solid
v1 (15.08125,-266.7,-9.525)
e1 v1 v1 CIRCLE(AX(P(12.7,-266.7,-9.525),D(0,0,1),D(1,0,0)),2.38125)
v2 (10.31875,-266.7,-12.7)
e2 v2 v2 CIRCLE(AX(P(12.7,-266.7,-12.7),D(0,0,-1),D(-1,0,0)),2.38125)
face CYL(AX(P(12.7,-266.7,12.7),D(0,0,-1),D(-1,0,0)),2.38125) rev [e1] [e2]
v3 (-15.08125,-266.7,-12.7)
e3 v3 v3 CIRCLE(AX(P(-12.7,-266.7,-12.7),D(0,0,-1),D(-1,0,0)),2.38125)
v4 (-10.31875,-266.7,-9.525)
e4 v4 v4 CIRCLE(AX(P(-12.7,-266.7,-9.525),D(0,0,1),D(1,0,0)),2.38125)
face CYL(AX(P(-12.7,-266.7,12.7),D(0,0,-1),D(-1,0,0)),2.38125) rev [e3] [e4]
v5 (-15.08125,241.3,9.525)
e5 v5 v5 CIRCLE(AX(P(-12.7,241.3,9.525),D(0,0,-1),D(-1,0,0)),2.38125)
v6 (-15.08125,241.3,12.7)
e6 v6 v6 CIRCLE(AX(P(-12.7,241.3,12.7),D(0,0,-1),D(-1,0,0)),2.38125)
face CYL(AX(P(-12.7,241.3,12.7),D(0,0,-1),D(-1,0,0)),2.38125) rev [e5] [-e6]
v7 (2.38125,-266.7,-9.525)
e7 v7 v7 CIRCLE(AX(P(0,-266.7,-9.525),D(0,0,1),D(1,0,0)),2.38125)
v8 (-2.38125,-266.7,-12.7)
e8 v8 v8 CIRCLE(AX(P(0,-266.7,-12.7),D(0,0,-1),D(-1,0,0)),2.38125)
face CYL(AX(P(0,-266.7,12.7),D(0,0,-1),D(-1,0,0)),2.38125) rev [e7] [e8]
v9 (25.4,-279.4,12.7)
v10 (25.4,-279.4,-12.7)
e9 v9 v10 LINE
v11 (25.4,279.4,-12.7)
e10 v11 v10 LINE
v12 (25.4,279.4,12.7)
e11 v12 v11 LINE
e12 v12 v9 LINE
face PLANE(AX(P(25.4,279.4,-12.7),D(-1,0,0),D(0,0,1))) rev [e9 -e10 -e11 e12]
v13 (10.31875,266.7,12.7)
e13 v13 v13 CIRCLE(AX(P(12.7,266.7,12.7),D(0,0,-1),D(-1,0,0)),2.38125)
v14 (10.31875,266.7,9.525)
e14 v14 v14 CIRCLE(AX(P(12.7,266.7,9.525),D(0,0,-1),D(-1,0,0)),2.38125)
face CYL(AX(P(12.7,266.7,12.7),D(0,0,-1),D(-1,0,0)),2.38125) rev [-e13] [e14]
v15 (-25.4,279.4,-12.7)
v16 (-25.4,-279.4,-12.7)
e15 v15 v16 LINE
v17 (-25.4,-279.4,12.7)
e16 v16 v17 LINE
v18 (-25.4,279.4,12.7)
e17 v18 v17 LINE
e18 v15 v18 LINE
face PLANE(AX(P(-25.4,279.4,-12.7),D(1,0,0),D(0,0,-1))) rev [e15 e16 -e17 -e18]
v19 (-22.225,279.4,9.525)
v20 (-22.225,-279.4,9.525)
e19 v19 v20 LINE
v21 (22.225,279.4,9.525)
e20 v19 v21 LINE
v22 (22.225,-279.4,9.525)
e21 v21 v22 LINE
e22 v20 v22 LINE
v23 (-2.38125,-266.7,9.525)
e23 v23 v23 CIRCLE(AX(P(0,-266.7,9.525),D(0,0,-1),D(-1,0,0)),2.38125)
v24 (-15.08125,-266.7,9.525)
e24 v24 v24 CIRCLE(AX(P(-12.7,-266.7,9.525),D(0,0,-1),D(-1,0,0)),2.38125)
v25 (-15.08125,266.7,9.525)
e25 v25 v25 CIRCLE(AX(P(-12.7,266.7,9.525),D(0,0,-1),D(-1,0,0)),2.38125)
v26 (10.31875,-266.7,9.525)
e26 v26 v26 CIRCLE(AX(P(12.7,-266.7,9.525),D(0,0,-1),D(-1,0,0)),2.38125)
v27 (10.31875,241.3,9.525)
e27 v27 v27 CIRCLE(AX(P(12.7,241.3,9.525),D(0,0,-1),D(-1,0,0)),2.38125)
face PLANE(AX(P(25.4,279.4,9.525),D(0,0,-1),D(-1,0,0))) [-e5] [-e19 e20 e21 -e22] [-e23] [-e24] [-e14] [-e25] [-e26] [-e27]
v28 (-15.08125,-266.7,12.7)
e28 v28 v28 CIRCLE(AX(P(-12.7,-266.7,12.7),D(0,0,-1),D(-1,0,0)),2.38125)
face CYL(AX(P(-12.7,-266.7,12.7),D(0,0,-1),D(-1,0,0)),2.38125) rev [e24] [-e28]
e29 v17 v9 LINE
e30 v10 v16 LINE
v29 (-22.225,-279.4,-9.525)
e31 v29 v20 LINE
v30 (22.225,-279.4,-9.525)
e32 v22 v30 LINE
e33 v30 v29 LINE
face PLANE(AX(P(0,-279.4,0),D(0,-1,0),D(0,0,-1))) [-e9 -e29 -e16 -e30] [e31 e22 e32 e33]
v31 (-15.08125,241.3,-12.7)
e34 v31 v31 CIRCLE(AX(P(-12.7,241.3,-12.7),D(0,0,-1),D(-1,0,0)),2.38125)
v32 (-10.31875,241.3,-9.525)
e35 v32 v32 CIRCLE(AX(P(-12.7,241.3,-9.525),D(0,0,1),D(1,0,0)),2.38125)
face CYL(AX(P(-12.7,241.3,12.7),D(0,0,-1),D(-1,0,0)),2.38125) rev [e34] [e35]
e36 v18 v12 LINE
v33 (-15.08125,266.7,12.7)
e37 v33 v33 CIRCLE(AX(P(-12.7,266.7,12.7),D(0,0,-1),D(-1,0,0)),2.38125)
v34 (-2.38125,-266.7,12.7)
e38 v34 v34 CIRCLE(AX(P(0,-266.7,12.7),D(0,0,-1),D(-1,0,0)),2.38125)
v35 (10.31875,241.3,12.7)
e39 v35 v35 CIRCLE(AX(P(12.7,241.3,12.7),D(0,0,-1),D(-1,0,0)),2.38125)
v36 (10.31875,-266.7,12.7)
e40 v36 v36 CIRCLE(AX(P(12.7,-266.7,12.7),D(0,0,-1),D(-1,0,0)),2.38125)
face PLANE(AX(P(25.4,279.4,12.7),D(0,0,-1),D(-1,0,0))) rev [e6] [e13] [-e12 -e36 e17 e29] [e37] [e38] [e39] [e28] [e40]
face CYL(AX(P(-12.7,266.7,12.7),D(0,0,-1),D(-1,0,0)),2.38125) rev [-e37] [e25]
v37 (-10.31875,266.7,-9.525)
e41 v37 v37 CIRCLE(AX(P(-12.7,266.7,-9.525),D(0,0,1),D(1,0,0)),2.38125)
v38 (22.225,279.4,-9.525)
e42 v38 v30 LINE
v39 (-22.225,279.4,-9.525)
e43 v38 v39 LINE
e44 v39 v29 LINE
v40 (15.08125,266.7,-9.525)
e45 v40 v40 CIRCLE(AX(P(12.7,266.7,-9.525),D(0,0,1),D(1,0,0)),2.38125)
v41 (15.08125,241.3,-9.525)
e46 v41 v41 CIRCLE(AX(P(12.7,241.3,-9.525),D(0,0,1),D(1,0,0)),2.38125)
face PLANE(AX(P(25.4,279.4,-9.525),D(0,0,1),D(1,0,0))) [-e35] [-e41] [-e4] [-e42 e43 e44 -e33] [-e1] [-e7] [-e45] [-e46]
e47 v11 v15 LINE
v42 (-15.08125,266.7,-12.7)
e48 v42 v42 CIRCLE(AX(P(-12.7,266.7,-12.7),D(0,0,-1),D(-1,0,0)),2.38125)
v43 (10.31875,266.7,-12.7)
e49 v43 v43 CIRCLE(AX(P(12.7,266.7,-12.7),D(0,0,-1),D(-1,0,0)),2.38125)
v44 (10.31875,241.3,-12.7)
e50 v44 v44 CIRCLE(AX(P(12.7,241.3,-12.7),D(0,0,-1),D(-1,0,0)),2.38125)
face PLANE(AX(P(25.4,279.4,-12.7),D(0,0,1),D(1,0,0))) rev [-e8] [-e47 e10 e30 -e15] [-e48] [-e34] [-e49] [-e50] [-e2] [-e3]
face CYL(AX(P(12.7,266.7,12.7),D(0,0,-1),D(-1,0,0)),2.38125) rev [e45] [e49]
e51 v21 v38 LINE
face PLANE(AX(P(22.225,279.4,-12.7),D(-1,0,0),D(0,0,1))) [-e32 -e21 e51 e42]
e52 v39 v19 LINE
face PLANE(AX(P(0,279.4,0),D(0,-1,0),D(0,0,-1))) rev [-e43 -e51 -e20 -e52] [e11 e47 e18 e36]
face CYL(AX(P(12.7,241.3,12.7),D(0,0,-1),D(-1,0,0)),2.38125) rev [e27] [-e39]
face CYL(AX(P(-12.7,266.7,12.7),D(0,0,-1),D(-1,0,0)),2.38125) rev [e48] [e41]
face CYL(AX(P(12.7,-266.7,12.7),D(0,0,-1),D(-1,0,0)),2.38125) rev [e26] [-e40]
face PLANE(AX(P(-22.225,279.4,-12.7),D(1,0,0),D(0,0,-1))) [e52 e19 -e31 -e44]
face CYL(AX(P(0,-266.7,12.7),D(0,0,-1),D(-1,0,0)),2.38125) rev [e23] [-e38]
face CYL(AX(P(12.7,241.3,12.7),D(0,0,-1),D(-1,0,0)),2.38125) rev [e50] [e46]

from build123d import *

# Parameters (mm, degrees)
SKETCH1_W           = 50.8
SKETCH1_H           = 25.4
BOSS_EXTRUDE1_DEPTH = 279.4
SHELL1_T            = -3.175
SKETCH2_R           = 2.38125
CUT_EXTRUDE1_DEPTH  = 282.699627263


with BuildPart() as part:
    # Sketch1 → Boss-Extrude1 (new, symmetric)
    with BuildSketch(Plane(origin=(0, 0, 0), x_dir=(1, 0, 0), z_dir=(0, 1, 0))):
        Rectangle(SKETCH1_W, SKETCH1_H)
    extrude(amount=BOSS_EXTRUDE1_DEPTH, both=True)

    # Shell1
    shell1_openings = [part.faces().sort_by_distance(p)[0] for p in [
        (0, 279.4, 0),
        (0, -279.4, 0),
    ]]
    offset(amount=SHELL1_T, openings=shell1_openings, kind=Kind.INTERSECTION)

    # Sketch2 → Cut-Extrude1 (cut, through all)
    with BuildSketch(Plane(origin=(0, 0, -12.7), x_dir=(-1, 0, 0), z_dir=(0, 0, -1))):
        with Locations((-12.7, -266.7)):
            Circle(SKETCH2_R)
        with Locations((0, -266.7)):
            Circle(SKETCH2_R)
        with Locations((12.7, -266.7)):
            Circle(SKETCH2_R)
        with Locations((-12.7, 266.7)):
            Circle(SKETCH2_R)
        with Locations((-12.7, 241.3)):
            Circle(SKETCH2_R)
        with Locations((12.7, 241.3)):
            Circle(SKETCH2_R)
        with Locations((12.7, 266.7)):
            Circle(SKETCH2_R)
    extrude(amount=-CUT_EXTRUDE1_DEPTH, mode=Mode.SUBTRACT)


solid = part.part
